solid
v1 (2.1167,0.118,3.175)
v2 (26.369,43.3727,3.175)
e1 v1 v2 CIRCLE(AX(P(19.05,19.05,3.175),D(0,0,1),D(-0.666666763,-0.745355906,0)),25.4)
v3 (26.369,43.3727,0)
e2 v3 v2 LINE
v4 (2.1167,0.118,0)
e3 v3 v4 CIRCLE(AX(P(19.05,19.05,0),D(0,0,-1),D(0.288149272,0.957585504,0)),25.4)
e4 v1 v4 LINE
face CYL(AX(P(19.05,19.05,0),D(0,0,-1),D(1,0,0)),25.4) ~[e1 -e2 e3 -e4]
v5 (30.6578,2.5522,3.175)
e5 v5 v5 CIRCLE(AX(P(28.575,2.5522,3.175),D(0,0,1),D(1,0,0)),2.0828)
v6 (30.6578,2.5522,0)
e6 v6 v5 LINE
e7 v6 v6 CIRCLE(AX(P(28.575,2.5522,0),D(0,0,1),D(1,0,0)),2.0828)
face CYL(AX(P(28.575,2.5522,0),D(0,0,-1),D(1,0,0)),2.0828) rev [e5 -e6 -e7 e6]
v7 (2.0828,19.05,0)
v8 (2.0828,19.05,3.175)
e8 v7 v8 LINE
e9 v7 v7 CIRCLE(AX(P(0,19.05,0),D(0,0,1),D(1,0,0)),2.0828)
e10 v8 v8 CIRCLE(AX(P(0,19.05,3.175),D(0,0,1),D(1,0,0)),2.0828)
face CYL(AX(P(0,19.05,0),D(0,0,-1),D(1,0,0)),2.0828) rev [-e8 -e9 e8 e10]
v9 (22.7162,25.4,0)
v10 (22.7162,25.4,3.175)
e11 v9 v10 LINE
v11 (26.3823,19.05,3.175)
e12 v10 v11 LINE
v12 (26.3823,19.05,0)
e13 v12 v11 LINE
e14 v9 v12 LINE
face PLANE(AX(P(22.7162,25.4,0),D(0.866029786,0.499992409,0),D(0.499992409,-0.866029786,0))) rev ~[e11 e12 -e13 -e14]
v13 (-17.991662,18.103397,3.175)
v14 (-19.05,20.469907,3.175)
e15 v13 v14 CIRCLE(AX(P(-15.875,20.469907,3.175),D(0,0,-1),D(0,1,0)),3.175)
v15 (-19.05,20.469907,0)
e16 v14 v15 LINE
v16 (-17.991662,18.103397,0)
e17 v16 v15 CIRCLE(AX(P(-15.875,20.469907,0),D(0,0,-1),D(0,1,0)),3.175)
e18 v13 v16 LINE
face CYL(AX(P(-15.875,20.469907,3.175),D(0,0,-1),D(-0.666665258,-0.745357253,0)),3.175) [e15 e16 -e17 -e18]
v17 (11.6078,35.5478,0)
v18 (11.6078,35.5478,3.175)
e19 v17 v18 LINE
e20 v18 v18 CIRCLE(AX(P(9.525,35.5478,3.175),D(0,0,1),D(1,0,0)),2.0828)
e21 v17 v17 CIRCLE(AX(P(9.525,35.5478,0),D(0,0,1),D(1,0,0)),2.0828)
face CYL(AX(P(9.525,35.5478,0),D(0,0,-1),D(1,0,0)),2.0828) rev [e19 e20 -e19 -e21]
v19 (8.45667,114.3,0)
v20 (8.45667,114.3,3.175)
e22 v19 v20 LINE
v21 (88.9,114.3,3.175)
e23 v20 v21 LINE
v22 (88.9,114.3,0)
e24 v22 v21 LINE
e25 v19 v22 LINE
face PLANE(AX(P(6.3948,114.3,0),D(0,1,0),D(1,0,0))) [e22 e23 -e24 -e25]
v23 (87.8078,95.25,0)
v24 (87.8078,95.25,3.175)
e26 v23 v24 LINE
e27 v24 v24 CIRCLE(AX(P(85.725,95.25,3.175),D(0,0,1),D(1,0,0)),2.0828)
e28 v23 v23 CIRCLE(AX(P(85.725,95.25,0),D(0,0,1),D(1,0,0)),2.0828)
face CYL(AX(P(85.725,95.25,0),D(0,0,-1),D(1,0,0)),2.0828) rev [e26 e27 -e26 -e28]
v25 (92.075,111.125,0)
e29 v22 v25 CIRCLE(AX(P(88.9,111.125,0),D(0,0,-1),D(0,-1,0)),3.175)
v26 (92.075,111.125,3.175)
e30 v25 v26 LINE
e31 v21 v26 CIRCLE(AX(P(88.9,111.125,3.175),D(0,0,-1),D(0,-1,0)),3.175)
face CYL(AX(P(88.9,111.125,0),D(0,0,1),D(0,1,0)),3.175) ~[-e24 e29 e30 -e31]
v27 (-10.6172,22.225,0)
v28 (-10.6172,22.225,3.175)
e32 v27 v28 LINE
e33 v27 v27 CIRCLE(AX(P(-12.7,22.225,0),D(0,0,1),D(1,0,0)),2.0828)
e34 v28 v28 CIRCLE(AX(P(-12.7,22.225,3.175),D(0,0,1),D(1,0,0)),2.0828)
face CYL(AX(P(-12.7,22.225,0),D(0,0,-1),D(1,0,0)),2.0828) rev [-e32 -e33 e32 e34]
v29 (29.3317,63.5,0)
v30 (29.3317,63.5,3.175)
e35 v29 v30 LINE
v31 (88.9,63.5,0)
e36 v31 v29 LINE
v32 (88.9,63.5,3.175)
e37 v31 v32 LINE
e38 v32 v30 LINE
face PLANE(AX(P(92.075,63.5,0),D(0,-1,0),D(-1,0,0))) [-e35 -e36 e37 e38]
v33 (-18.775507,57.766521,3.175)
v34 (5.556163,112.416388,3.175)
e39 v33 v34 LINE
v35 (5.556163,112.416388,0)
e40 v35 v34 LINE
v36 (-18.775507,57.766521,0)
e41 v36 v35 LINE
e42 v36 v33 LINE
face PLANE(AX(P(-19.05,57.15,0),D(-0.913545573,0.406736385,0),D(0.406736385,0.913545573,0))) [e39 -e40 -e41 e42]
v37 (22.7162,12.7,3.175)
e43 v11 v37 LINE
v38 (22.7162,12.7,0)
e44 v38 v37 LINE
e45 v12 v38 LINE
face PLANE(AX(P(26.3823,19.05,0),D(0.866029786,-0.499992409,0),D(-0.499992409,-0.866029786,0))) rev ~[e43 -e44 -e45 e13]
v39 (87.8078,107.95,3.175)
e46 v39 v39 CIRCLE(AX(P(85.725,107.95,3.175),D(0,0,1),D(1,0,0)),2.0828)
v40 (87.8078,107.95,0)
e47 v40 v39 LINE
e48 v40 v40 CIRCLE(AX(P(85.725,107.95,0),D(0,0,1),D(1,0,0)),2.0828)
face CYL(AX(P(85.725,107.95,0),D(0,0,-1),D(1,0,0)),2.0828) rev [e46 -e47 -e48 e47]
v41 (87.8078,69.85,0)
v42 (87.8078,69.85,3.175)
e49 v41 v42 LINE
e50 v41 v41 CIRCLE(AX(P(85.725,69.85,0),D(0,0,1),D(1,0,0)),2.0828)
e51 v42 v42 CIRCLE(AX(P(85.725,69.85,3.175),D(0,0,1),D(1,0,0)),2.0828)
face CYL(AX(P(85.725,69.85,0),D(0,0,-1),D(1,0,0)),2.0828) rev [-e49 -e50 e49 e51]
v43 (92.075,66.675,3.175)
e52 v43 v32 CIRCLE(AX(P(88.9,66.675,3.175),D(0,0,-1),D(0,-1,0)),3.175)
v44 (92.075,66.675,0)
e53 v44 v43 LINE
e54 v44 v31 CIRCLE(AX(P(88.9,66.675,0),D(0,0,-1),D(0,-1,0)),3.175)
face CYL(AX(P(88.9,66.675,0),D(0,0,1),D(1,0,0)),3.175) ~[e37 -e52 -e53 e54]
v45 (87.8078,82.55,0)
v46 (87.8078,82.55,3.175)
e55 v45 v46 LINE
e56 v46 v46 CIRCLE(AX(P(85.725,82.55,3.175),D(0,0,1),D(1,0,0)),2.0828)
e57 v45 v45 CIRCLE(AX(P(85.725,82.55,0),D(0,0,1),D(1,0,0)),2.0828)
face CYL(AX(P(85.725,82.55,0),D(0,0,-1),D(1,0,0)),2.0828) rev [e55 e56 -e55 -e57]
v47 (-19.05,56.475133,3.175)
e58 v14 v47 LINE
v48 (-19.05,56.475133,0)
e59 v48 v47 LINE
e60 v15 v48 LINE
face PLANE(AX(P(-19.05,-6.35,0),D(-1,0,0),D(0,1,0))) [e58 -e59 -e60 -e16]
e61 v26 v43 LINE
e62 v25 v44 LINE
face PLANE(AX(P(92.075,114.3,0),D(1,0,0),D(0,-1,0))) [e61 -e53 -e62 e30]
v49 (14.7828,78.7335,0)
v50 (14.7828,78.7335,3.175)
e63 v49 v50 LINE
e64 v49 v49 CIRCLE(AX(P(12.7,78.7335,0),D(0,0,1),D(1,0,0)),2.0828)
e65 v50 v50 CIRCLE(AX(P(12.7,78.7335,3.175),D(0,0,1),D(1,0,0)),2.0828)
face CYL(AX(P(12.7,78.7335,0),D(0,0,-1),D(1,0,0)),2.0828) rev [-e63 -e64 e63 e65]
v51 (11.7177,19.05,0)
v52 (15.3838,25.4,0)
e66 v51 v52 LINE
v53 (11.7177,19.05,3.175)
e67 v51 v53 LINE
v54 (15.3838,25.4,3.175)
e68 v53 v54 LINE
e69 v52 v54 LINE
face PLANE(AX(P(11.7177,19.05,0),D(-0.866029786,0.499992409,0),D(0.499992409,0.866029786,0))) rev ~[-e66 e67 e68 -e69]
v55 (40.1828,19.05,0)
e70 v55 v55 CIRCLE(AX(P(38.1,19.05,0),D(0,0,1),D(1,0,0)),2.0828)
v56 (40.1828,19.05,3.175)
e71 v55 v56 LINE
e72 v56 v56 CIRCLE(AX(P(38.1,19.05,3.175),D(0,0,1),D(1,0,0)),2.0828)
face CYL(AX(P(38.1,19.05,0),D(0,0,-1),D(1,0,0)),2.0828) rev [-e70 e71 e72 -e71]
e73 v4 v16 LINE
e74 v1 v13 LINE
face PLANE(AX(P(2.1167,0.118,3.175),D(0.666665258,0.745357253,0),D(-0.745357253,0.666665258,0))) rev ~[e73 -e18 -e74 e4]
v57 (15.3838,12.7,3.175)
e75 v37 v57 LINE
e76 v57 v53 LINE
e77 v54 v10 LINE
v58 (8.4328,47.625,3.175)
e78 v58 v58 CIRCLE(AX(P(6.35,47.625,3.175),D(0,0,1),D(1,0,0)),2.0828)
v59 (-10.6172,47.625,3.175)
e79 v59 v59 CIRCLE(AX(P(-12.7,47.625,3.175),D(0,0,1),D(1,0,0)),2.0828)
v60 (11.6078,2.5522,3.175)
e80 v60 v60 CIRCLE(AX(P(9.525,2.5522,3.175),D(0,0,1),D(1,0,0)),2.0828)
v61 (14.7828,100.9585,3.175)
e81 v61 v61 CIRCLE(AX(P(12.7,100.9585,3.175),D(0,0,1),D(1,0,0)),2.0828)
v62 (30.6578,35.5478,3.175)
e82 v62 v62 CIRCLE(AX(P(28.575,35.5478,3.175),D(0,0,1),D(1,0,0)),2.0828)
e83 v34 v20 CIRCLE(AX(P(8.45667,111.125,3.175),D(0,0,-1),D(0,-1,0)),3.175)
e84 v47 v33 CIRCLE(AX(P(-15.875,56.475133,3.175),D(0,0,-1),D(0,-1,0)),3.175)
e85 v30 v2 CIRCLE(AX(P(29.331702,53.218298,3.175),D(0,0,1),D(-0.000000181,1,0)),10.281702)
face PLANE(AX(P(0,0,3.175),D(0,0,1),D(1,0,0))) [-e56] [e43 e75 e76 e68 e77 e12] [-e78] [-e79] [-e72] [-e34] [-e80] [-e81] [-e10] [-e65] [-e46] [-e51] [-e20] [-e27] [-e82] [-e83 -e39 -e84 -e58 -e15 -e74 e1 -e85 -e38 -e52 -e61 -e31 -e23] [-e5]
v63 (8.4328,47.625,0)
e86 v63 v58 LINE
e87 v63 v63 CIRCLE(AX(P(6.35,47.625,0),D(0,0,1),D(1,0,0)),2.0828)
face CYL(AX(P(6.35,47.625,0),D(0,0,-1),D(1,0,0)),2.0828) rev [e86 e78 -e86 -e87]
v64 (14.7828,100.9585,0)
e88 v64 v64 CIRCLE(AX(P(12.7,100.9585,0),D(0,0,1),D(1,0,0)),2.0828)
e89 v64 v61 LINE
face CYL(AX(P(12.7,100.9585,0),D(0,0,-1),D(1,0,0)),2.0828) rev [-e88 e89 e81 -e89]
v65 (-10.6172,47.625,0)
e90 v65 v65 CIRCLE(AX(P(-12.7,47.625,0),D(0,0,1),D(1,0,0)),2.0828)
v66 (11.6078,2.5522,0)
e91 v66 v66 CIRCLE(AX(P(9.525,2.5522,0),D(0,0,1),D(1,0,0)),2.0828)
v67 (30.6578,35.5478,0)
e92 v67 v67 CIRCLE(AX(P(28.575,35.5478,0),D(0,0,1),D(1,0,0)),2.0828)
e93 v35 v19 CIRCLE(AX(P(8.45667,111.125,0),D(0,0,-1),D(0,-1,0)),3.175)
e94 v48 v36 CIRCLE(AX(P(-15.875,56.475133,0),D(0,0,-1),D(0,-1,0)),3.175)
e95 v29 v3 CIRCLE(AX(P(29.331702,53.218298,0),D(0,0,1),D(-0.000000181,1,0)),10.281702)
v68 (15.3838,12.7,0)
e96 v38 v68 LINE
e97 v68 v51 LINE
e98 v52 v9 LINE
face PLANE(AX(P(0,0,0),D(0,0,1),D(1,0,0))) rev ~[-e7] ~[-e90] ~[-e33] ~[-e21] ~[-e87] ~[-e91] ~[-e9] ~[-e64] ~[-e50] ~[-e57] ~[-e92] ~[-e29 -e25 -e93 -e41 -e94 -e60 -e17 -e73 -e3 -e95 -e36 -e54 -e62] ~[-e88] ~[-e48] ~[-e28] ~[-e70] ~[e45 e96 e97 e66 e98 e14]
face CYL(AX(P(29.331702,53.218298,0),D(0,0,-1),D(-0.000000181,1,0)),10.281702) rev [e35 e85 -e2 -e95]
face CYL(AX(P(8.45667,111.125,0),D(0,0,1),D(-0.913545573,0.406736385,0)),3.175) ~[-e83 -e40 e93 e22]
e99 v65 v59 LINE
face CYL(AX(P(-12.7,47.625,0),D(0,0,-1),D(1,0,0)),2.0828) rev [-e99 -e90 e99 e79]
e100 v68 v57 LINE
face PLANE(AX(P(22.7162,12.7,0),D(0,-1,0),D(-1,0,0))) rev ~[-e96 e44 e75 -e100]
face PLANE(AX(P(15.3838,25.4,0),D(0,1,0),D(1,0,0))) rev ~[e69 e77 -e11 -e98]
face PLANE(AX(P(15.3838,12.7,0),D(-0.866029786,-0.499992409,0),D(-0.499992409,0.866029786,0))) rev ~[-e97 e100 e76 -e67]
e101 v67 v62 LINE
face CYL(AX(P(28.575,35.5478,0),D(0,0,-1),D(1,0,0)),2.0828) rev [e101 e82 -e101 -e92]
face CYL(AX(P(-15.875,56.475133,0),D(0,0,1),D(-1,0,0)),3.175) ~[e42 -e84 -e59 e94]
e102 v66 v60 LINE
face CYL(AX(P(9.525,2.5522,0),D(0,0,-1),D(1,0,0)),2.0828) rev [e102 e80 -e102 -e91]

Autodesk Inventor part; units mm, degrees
ref_plane "YZ Plane" through (0, 0, 0) normal (1, 0, 0) x (0, 1, 0)
ref_plane "XZ Plane" through (0, 0, 0) normal (0, 1, 0) x (-1, 0, 0)
ref_plane "XY Plane" through (0, 0, 0) normal (0, 0, 1) x (1, 0, 0)
sketch "Sketch1" plane through (0, 0, 0) normal (0, 0, 1) x (1, 0, 0)
  circle A0 centre (19.05, 19.05) radius 7.9375
  line L0 (22.7162, 25.4) -> (26.3823, 19.05)
  line L1 (26.3823, 19.05) -> (22.7162, 12.7)
  line L2 (22.7162, 12.7) -> (15.3838, 12.7)
  line L3 (15.3838, 12.7) -> (11.7177, 19.05)
  line L4 (11.7177, 19.05) -> (15.3838, 25.4)
  line L5 (15.3838, 25.4) -> (22.7162, 25.4)
  circle A1 centre (0, 19.05) radius 2.0828
  line L6 (0, 19.05) -> (19.05, 19.05) construction
  circle A2 centre (9.525, 2.5522) radius 2.0828
  circle A3 centre (28.575, 2.5522) radius 2.0828
  circle A4 centre (38.1, 19.05) radius 2.0828
  circle A5 centre (28.575, 35.5478) radius 2.0828
  circle A6 centre (9.525, 35.5478) radius 2.0828
  circle A7 centre (19.05, 19.05) radius 25.4
  line L7 (19.05, -6.35) -> (-19.05, -6.35)
  line L8 (-19.05, -6.35) -> (-19.05, 57.15)
  line L9 (6.3948, 114.3) -> (92.075, 114.3)
  line L10 (92.075, 114.3) -> (92.075, 63.5)
  line L11 (92.075, 63.5) -> (29.3317, 63.5)
  line L12 (-121.3454, 55.7276) -> (199.3502, 55.7276) construction
  arc A8 (29.3317, 63.5) -> (26.369, 43.3727) centre (29.3317, 53.2183) ccw
  circle A9 centre (85.725, 69.85) radius 2.0828
  circle A10 centre (85.725, 82.55) radius 2.0828
  circle A11 centre (85.725, 95.25) radius 2.0828
  circle A12 centre (85.725, 107.95) radius 2.0828
  line L13 (29.3317, 53.2183) -> (19.05, 53.2183) construction
  line L14 (-19.05, 57.15) -> (6.3948, 114.3)
  circle A13 centre (-12.7, 47.625) radius 2.0828
  circle A14 centre (6.35, 47.625) radius 2.0828
  circle A15 centre (-12.7, 22.225) radius 2.0828
  circle A16 centre (12.7, 78.7335) radius 2.0828
  circle A17 centre (12.7, 100.9585) radius 2.0828
  point P0 (0, 0)
  point P1 (19.05, 44.45)
  dimension "d7" = 15.875
  dimension "d8" = 12.7
  dimension "d23" = 4.1656
  dimension "d25" = 19.05
  dimension "d26" = 0
  dimension "d29" = 360
  dimension "d41" = 50.8
  dimension "d42" = 19.05
  dimension "d43" = 19.05
  dimension "d44" = 38.1
  dimension "d55" = 73.025
  dimension "d57" = 4.1656
  dimension "d58" = 6.35
  dimension "d59" = 6.35
  dimension "d62" = 12.7
  dimension "d67" = 6.35
  dimension "d68" = 36.6776
  dimension "d69" = 50.8
  dimension "d70" = 38.1
  dimension "d71" = 114
  dimension "d72" = 57.15
  dimension "d76" = 56.3933
  dimension "d78" = 6.35
  dimension "d79" = 9.525
  dimension "d84" = 19.05
  dimension "d91" = 31.75
  dimension "d98" = 25.4
  dimension "d105" = 22.225
  dimension "d113" = 6.35
extrude "Extrusion1" add sketch "Sketch1" along normal blind 3.175 contours A0 | A7 | A7 L7 L8 L14 L9 L10 L11 A8
sketch "Sketch2" plane through (0, 0, 3.175) normal (0, 0, 1) x (1, 0, 0)
  line L0 (-19.05, -6.35) -> (19.05, -6.35) projected
  arc A0 (19.05, -6.35) -> (26.369, 43.3727) centre (19.05, 19.05) ccw projected
  line L1 (-19.05, 57.15) -> (-19.05, -6.35) projected
  circle A1 centre (19.05, 19.05) radius 25.4
  line L2 (2.1167, 0.118) -> (-19.05, 19.05)
  line L3 (-19.05, 19.05) -> (-19.05, -6.35)
  line L4 (-19.05, -6.35) -> (19.05, -6.35)
  arc A2 (2.1167, 0.118) -> (19.05, -6.35) centre (19.05, 19.05) ccw
  point P0 (-19.05, 56.4751)
  point P1 (0, 0)
  dimension "d110" = 25.4
extrude "Extrusion2" cut sketch "Sketch2" against normal blind 25.4 contours L1 L2 A1 L0
fillet "Fillet2" radius 3.175 5 edges at (6.3948, 114.3, 1.5875) (-19.05, 57.15, 1.5875) (-19.05, 19.05, 1.5875) (92.075, 63.5, 1.5875) (92.075, 114.3, 1.5875)
equation "\"d67\" = d58"
properties part number "Lexan flexible Arm Mount" material "Polycarbonate, Clear"
